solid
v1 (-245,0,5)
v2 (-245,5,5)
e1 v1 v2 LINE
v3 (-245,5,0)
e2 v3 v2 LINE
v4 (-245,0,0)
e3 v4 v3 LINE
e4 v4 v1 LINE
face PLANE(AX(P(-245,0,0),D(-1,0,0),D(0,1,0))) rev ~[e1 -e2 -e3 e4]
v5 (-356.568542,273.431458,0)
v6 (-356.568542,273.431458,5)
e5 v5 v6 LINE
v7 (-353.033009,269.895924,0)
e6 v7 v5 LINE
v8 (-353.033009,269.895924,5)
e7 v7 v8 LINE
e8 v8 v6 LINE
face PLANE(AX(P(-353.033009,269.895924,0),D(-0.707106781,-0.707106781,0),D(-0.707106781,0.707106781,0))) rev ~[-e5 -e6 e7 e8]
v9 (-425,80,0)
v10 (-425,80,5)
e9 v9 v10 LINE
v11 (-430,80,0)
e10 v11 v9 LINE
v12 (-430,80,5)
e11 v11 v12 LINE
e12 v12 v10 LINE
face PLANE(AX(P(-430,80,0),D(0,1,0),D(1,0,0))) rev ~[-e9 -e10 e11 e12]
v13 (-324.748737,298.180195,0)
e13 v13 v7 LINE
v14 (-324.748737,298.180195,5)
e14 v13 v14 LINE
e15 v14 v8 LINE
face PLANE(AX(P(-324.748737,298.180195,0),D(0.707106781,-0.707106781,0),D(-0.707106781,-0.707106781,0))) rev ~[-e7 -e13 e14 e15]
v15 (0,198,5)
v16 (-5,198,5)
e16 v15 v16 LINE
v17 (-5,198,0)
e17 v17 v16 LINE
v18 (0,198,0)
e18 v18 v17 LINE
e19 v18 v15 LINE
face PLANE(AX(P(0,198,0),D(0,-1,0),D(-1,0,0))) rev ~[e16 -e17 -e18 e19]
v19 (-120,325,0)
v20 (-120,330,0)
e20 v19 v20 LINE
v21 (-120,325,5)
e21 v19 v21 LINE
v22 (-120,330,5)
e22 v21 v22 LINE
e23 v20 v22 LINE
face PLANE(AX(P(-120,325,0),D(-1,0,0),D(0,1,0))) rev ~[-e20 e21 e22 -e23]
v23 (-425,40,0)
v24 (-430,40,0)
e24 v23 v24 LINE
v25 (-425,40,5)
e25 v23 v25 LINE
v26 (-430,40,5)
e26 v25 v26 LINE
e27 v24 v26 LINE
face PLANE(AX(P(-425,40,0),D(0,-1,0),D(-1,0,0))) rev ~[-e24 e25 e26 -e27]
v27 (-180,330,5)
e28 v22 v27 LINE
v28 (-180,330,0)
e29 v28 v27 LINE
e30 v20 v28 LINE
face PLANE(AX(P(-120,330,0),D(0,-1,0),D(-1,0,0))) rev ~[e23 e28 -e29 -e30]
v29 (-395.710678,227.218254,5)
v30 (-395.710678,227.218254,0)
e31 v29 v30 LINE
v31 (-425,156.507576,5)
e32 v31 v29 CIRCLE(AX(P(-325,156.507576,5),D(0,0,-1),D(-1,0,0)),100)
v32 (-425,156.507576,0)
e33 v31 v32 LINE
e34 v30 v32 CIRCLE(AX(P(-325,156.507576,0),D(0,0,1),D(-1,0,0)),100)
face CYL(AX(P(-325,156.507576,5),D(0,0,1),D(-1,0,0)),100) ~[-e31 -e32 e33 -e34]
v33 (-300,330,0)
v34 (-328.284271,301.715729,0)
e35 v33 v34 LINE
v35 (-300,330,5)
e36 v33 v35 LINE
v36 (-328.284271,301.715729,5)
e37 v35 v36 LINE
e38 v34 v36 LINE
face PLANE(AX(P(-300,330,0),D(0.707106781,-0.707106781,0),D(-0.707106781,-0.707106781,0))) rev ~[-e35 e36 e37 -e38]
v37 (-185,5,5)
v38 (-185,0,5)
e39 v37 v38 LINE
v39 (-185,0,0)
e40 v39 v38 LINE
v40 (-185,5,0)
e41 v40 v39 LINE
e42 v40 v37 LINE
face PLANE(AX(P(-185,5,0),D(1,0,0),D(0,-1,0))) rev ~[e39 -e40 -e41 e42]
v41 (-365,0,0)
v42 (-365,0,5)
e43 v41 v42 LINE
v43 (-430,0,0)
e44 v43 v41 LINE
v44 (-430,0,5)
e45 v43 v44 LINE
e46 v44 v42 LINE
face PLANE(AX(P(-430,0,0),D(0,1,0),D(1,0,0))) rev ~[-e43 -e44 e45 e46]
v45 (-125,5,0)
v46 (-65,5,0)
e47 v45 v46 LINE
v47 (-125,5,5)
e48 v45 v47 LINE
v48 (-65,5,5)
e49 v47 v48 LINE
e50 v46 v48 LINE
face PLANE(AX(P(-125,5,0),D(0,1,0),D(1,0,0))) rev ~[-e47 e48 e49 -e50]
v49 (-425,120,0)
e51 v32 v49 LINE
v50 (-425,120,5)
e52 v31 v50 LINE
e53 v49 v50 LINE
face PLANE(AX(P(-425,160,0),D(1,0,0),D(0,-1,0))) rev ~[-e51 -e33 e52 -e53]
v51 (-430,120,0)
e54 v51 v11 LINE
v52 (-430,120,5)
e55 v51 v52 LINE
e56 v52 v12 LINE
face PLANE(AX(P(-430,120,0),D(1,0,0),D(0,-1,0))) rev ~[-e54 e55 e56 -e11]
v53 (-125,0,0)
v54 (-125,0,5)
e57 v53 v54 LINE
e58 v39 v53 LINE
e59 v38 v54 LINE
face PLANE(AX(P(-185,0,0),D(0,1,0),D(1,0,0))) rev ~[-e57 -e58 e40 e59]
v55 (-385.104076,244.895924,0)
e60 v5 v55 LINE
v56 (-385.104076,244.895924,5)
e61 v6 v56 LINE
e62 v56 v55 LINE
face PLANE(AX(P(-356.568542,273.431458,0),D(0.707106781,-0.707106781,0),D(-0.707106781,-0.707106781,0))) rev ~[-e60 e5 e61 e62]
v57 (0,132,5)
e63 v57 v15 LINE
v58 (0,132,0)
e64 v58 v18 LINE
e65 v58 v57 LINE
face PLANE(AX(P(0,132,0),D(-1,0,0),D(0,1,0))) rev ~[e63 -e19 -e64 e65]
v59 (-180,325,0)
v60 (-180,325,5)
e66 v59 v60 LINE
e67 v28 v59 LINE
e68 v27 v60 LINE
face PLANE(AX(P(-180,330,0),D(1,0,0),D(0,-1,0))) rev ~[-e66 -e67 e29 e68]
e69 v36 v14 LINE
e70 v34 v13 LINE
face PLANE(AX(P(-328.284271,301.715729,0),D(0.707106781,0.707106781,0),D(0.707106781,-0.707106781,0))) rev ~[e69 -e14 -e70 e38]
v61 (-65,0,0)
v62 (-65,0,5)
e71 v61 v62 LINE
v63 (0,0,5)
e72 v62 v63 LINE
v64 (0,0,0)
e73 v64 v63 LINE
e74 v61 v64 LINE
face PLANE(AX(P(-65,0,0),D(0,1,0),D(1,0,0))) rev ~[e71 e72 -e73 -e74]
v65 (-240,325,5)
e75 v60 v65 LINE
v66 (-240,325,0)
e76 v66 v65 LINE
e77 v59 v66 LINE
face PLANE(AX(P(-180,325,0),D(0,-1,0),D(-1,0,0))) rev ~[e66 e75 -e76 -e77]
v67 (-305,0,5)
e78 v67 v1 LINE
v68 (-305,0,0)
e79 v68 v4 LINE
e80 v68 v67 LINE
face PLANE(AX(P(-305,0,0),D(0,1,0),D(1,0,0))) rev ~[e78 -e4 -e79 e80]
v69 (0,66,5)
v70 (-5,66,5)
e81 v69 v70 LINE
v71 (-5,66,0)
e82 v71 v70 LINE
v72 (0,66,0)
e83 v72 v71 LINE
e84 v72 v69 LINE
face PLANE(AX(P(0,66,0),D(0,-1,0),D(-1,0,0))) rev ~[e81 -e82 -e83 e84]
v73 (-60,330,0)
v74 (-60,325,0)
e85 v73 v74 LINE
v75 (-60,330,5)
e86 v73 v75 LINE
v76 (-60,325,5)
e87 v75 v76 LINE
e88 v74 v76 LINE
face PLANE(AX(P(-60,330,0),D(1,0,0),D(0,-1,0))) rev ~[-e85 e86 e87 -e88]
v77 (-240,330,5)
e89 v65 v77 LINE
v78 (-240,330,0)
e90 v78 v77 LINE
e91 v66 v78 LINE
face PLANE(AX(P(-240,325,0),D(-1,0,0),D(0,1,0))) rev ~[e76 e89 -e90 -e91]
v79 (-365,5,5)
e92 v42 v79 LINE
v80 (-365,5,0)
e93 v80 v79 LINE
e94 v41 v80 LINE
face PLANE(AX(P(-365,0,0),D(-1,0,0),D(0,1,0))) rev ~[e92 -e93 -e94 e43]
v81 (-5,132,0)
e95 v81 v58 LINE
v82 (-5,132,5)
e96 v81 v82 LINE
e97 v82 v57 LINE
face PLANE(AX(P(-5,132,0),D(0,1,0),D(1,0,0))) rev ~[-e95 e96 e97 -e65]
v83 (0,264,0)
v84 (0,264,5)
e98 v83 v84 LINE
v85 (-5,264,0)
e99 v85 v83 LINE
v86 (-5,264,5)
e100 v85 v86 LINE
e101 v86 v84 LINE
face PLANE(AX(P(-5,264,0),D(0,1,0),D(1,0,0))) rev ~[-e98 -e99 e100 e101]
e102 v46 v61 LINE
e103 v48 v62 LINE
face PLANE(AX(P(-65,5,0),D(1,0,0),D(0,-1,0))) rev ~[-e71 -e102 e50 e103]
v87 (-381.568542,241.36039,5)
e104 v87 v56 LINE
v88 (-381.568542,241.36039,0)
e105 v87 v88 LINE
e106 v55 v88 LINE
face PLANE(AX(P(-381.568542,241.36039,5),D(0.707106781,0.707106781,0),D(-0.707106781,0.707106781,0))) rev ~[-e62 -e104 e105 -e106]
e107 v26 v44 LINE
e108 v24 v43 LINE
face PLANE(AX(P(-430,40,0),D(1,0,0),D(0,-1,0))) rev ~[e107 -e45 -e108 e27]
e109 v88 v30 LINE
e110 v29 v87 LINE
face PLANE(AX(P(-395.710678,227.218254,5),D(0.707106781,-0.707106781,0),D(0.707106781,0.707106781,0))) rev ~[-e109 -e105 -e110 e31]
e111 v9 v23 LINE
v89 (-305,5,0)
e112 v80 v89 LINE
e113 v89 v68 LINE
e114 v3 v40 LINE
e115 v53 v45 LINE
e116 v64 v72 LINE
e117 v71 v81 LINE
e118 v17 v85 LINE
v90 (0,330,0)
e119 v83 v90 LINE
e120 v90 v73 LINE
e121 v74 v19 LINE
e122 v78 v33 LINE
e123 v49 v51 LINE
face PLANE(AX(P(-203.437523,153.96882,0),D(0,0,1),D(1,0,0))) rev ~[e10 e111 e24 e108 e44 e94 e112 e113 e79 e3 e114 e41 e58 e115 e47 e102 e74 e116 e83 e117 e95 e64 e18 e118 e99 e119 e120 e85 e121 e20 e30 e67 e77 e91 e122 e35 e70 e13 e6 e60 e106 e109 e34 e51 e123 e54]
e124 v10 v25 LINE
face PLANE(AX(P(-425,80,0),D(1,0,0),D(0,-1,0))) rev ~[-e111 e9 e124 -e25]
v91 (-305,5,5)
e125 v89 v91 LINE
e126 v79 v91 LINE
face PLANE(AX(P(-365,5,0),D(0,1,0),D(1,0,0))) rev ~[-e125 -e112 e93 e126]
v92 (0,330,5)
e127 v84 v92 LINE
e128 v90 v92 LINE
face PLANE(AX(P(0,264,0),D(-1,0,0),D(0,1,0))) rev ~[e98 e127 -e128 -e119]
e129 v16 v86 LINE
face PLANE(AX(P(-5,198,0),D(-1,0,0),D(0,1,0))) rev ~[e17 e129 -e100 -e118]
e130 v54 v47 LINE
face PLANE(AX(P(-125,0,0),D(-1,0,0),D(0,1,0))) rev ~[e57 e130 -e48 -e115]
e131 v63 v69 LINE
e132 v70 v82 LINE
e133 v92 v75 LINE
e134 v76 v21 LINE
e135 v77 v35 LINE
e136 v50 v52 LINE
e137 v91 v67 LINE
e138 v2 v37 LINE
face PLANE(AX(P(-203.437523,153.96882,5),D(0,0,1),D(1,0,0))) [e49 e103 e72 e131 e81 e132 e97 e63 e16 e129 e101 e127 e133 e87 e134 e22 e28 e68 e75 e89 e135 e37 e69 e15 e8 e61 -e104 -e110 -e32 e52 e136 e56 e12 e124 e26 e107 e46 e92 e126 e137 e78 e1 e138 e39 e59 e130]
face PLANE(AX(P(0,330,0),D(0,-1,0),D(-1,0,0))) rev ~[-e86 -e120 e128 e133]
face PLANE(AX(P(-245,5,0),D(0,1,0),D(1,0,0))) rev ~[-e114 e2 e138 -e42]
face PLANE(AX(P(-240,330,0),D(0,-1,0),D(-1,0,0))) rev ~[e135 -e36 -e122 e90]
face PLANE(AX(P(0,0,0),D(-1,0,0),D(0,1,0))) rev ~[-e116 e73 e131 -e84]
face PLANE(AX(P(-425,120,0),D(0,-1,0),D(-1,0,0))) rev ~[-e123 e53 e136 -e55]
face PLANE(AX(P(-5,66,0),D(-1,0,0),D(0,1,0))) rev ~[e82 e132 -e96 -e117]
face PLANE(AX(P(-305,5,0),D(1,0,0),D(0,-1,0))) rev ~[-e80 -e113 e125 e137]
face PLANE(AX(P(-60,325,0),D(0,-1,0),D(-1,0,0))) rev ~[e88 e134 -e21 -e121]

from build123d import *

# Parameters (mm, degrees)
BOSS_EXTRU_1_DEPTH      = 5
ENL_V_MAT_EXTRU_1_REACH = 7


with BuildPart() as part:
    # Esquisse1 → Boss.-Extru.1 (new body)
    with BuildSketch(Plane.XY):
        Polygon((0, 330), (-60, 330), (-60, 325), (-120, 325), (-120, 330), (-180, 330), (-180, 325), (-240, 325), (-240, 330), (-300, 330), (-328.284271247, 301.715728753), (-324.748737342, 298.180194847), (-353.033008589, 269.895923599), (-356.568542495, 273.431457505), (-399.901875828, 230.098124172), (-396.366341922, 226.562590266), (-411.415404008, 211.51352818), (-414.950937914, 215.049062086), (-430, 200), (-430, 160), (-425, 160), (-425, 120), (-430, 120), (-430, 80), (-425, 80), (-425, 40), (-430, 40), (-430, 0), (-365, 0), (-365, 5), (-305, 5), (-305, 0), (-245, 0), (-245, 5), (-185, 5), (-185, 0), (-125, 0), (-125, 5), (-65, 5), (-65, 0), (0, 0), (0, 66), (-5, 66), (-5, 132), (0, 132), (0, 198), (-5, 198), (-5, 264), (0, 264), align=None)
    extrude(amount=BOSS_EXTRU_1_DEPTH)

    # Esquisse2 → Enlèv. mat.-Extru.1 (cut, up to next)
    with BuildSketch(Plane.XY.offset(5), mode=Mode.PRIVATE) as enl_v_mat_extru_1_sk1:
        with BuildLine():
            Line((-395.710678119, 227.218254069), (-381.568542495, 241.360389693))
            Line((-381.568542495, 241.360389693), (-385.104076401, 244.895923599))
            Line((-385.104076401, 244.895923599), (-430, 200))
            Line((-430, 200), (-430, 156.507575951))
            Line((-430, 156.507575951), (-425, 156.507575951))
            ThreePointArc((-425, 156.507575951), (-417.387953251, 194.775919187), (-395.710678119, 227.218254069))
        make_face()
    enl_v_mat_extru_1_tool1 = extrude(enl_v_mat_extru_1_sk1.sketch, amount=-ENL_V_MAT_EXTRU_1_REACH, mode=Mode.PRIVATE) & part.part
    add(enl_v_mat_extru_1_tool1.solids().sort_by_distance((-415.711514, 201.173028, 5))[0], mode=Mode.SUBTRACT)


solid = part.part
